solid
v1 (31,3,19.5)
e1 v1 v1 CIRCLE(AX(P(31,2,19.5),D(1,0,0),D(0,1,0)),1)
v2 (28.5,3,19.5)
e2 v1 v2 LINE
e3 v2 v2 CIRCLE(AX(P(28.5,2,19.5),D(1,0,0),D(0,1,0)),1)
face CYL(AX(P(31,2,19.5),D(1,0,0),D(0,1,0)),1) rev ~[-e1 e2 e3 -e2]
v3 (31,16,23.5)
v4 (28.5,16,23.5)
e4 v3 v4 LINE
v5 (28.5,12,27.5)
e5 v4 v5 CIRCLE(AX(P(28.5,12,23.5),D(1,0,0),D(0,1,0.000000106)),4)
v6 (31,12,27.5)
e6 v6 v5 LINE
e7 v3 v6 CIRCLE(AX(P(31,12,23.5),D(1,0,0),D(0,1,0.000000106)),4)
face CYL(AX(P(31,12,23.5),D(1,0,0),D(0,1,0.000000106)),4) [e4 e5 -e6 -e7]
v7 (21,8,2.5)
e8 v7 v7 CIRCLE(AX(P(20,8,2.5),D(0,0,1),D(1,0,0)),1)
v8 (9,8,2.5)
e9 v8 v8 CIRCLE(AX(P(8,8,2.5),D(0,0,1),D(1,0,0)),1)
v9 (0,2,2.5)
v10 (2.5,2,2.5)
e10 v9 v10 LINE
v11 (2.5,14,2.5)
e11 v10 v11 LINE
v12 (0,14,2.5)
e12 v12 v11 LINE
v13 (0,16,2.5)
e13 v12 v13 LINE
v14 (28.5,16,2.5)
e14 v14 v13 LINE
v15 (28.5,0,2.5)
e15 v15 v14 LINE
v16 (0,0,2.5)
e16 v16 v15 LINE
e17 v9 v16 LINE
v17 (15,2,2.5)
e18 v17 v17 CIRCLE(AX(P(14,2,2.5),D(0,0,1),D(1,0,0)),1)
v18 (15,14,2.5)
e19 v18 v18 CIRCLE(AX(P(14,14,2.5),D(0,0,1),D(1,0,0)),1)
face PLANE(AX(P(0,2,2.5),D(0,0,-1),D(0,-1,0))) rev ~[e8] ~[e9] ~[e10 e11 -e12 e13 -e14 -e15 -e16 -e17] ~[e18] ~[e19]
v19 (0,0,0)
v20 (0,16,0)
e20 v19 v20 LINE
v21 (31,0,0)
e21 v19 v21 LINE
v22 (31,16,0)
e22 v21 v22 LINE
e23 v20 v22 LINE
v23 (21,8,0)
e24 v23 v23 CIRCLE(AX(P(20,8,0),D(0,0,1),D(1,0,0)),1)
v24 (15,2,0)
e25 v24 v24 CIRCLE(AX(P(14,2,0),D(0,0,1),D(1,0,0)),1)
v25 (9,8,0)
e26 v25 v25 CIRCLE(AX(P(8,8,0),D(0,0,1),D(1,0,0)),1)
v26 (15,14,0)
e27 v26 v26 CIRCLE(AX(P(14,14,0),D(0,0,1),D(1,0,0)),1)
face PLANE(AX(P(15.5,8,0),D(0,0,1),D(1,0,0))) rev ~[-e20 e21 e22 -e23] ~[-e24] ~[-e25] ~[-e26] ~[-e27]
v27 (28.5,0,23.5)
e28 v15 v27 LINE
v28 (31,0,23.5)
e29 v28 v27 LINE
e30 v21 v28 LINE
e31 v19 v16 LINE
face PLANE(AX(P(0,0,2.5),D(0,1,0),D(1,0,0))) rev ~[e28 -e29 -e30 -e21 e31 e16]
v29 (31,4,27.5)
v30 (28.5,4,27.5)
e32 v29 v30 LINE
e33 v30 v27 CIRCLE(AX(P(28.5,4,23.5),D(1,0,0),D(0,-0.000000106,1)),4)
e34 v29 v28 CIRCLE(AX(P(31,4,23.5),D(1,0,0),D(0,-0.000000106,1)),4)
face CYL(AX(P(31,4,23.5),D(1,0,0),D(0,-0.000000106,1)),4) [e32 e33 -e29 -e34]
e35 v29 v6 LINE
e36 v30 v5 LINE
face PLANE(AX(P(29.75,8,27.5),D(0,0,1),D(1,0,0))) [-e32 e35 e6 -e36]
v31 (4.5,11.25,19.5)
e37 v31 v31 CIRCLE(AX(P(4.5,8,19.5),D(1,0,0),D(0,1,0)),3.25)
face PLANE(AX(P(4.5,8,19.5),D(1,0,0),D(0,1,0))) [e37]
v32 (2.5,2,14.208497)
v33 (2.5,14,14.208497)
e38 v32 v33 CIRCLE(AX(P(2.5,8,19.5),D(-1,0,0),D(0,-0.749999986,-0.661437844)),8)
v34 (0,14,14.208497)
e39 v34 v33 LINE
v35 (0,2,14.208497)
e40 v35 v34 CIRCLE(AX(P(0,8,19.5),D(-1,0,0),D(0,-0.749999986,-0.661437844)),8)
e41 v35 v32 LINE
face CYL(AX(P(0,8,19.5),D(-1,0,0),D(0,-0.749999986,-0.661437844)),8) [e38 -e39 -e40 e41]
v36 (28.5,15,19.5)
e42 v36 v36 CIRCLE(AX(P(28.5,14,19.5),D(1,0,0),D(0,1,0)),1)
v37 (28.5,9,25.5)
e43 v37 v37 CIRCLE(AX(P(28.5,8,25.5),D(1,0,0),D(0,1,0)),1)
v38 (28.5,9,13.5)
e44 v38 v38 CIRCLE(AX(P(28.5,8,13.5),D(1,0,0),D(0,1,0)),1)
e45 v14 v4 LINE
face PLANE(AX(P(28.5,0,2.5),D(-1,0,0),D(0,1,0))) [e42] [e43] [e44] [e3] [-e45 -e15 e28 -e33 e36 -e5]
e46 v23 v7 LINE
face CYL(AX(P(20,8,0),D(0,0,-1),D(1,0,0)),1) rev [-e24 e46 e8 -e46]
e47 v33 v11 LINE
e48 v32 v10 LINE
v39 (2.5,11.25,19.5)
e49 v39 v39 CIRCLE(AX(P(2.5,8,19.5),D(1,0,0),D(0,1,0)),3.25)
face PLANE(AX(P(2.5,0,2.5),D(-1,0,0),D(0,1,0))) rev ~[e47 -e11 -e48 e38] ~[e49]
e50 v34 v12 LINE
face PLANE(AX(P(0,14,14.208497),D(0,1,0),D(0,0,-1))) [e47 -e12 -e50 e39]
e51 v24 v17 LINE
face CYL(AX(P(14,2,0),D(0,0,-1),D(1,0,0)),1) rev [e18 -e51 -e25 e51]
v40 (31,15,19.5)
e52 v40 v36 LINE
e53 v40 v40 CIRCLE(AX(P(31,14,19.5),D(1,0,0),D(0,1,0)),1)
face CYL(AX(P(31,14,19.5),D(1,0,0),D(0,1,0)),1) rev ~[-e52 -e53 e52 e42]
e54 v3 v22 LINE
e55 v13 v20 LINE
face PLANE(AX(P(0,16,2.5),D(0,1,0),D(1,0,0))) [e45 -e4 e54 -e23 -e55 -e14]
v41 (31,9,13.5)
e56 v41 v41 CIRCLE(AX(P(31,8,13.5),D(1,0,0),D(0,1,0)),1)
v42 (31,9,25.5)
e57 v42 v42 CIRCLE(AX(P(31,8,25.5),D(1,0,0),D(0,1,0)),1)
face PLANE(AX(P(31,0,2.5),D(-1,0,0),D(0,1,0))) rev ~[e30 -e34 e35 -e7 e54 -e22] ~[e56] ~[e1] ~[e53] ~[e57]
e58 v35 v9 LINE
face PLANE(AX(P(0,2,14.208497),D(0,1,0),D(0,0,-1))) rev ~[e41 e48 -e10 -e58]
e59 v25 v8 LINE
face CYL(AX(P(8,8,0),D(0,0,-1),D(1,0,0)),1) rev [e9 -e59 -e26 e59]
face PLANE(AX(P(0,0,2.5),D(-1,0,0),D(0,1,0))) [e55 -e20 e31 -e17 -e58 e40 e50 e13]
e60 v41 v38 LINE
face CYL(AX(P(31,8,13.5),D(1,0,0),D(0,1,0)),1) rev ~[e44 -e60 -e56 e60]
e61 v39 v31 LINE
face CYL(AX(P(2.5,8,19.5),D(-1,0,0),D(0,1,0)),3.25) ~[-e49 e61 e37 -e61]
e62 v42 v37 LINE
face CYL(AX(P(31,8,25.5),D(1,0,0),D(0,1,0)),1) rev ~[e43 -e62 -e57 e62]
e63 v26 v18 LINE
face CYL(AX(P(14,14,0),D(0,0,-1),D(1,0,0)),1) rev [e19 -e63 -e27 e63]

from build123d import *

# Parameters (mm, degrees)
SKETCH_W        = 31
SKETCH_H        = 16
SKETCH_R        = 1
PAD_DEPTH       = 2.5
SKETCH001_W     = 2.5
SKETCH001_H     = 16
PAD001_DEPTH    = 25
SKETCH002_R     = 1
POCKET_DEPTH    = 5
SKETCH003_W     = 2.5
SKETCH003_H     = 16
PAD002_DEPTH    = 25
POCKET001_DEPTH = 5
SKETCH005_R     = 3.25
PAD003_DEPTH    = 2


with BuildPart() as part:
    # Sketch → Pad (new body)
    with BuildSketch(Plane.XY):
        with Locations((15.5, 8)):
            Rectangle(SKETCH_W, SKETCH_H)
        with Locations((14, 14)):
            Circle(SKETCH_R, mode=Mode.SUBTRACT)
        with Locations((8, 8)):
            Circle(SKETCH_R, mode=Mode.SUBTRACT)
        with Locations((14, 2)):
            Circle(SKETCH_R, mode=Mode.SUBTRACT)
        with Locations((20, 8)):
            Circle(SKETCH_R, mode=Mode.SUBTRACT)
    extrude(amount=PAD_DEPTH)

    # Sketch001 (on Face10 of Pad) → Pad001 (join)
    with BuildSketch(Plane.XY.offset(2.5)):
        with Locations((29.75, 8)):
            Rectangle(SKETCH001_W, SKETCH001_H)
    extrude(amount=PAD001_DEPTH)

    # Sketch002 (on Face8 of Pad001) → Pocket (cut)
    with BuildSketch(Plane.YZ.offset(31)):
        with Locations((8, 25.5)):
            Circle(SKETCH002_R)
        with Locations((2, 19.5)):
            Circle(SKETCH002_R)
        with Locations((14, 19.5)):
            Circle(SKETCH002_R)
        with Locations((8, 13.5)):
            Circle(SKETCH002_R)
        with BuildLine():
            ThreePointArc((4, 27.5), (1.171573, 26.328427), (0, 23.5))
            Line((0, 23.5), (-2, 23.5))
            Line((-2, 23.5), (-2, 29.5))
            Line((-2, 29.5), (4, 29.5))
            Line((4, 29.5), (4, 27.5))
        make_face()
        with BuildLine():
            ThreePointArc((16, 23.5), (14.828427, 26.328427), (12, 27.5))
            Line((12, 29.5), (12, 27.5))
            Line((18, 29.5), (12, 29.5))
            Line((18, 23.5), (18, 29.5))
            Line((16, 23.5), (18, 23.5))
        make_face()
    extrude(amount=-POCKET_DEPTH, mode=Mode.SUBTRACT)

    # Sketch003 (on Face5 of Pocket) → Pad002 (join)
    with BuildSketch(Plane.XY.offset(2.5)):
        with Locations((1.25, 8)):
            Rectangle(SKETCH003_W, SKETCH003_H)
    extrude(amount=PAD002_DEPTH)

    # Sketch004 (on Face9 of Pad002) → Pocket001 (cut)
    with BuildSketch(Plane(origin=(0, 0, 0), x_dir=(0, -1, 0), z_dir=(-1, 0, 0))):
        with BuildLine():
            ThreePointArc((-2, 14.208497), (-8, 27.5), (-14, 14.208497))
            Line((-14, 14.208497), (-14, 2.5))
            Line((-14, 2.5), (-18, 2.5))
            Line((-18, 2.5), (-18, 29.5))
            Line((-18, 29.5), (2, 29.5))
            Line((2, 29.5), (2, 2.5))
            Line((-2, 2.5), (2, 2.5))
            Line((-2, 14.208497), (-2, 2.5))
        make_face()
    extrude(amount=-POCKET001_DEPTH, mode=Mode.SUBTRACT)

    # Sketch005 (on Face19 of Pocket001) → Pad003 (join)
    with BuildSketch(Plane.YZ.offset(2.5)):
        with Locations((8, 19.5)):
            Circle(SKETCH005_R)
    extrude(amount=PAD003_DEPTH)


solid = part.part
